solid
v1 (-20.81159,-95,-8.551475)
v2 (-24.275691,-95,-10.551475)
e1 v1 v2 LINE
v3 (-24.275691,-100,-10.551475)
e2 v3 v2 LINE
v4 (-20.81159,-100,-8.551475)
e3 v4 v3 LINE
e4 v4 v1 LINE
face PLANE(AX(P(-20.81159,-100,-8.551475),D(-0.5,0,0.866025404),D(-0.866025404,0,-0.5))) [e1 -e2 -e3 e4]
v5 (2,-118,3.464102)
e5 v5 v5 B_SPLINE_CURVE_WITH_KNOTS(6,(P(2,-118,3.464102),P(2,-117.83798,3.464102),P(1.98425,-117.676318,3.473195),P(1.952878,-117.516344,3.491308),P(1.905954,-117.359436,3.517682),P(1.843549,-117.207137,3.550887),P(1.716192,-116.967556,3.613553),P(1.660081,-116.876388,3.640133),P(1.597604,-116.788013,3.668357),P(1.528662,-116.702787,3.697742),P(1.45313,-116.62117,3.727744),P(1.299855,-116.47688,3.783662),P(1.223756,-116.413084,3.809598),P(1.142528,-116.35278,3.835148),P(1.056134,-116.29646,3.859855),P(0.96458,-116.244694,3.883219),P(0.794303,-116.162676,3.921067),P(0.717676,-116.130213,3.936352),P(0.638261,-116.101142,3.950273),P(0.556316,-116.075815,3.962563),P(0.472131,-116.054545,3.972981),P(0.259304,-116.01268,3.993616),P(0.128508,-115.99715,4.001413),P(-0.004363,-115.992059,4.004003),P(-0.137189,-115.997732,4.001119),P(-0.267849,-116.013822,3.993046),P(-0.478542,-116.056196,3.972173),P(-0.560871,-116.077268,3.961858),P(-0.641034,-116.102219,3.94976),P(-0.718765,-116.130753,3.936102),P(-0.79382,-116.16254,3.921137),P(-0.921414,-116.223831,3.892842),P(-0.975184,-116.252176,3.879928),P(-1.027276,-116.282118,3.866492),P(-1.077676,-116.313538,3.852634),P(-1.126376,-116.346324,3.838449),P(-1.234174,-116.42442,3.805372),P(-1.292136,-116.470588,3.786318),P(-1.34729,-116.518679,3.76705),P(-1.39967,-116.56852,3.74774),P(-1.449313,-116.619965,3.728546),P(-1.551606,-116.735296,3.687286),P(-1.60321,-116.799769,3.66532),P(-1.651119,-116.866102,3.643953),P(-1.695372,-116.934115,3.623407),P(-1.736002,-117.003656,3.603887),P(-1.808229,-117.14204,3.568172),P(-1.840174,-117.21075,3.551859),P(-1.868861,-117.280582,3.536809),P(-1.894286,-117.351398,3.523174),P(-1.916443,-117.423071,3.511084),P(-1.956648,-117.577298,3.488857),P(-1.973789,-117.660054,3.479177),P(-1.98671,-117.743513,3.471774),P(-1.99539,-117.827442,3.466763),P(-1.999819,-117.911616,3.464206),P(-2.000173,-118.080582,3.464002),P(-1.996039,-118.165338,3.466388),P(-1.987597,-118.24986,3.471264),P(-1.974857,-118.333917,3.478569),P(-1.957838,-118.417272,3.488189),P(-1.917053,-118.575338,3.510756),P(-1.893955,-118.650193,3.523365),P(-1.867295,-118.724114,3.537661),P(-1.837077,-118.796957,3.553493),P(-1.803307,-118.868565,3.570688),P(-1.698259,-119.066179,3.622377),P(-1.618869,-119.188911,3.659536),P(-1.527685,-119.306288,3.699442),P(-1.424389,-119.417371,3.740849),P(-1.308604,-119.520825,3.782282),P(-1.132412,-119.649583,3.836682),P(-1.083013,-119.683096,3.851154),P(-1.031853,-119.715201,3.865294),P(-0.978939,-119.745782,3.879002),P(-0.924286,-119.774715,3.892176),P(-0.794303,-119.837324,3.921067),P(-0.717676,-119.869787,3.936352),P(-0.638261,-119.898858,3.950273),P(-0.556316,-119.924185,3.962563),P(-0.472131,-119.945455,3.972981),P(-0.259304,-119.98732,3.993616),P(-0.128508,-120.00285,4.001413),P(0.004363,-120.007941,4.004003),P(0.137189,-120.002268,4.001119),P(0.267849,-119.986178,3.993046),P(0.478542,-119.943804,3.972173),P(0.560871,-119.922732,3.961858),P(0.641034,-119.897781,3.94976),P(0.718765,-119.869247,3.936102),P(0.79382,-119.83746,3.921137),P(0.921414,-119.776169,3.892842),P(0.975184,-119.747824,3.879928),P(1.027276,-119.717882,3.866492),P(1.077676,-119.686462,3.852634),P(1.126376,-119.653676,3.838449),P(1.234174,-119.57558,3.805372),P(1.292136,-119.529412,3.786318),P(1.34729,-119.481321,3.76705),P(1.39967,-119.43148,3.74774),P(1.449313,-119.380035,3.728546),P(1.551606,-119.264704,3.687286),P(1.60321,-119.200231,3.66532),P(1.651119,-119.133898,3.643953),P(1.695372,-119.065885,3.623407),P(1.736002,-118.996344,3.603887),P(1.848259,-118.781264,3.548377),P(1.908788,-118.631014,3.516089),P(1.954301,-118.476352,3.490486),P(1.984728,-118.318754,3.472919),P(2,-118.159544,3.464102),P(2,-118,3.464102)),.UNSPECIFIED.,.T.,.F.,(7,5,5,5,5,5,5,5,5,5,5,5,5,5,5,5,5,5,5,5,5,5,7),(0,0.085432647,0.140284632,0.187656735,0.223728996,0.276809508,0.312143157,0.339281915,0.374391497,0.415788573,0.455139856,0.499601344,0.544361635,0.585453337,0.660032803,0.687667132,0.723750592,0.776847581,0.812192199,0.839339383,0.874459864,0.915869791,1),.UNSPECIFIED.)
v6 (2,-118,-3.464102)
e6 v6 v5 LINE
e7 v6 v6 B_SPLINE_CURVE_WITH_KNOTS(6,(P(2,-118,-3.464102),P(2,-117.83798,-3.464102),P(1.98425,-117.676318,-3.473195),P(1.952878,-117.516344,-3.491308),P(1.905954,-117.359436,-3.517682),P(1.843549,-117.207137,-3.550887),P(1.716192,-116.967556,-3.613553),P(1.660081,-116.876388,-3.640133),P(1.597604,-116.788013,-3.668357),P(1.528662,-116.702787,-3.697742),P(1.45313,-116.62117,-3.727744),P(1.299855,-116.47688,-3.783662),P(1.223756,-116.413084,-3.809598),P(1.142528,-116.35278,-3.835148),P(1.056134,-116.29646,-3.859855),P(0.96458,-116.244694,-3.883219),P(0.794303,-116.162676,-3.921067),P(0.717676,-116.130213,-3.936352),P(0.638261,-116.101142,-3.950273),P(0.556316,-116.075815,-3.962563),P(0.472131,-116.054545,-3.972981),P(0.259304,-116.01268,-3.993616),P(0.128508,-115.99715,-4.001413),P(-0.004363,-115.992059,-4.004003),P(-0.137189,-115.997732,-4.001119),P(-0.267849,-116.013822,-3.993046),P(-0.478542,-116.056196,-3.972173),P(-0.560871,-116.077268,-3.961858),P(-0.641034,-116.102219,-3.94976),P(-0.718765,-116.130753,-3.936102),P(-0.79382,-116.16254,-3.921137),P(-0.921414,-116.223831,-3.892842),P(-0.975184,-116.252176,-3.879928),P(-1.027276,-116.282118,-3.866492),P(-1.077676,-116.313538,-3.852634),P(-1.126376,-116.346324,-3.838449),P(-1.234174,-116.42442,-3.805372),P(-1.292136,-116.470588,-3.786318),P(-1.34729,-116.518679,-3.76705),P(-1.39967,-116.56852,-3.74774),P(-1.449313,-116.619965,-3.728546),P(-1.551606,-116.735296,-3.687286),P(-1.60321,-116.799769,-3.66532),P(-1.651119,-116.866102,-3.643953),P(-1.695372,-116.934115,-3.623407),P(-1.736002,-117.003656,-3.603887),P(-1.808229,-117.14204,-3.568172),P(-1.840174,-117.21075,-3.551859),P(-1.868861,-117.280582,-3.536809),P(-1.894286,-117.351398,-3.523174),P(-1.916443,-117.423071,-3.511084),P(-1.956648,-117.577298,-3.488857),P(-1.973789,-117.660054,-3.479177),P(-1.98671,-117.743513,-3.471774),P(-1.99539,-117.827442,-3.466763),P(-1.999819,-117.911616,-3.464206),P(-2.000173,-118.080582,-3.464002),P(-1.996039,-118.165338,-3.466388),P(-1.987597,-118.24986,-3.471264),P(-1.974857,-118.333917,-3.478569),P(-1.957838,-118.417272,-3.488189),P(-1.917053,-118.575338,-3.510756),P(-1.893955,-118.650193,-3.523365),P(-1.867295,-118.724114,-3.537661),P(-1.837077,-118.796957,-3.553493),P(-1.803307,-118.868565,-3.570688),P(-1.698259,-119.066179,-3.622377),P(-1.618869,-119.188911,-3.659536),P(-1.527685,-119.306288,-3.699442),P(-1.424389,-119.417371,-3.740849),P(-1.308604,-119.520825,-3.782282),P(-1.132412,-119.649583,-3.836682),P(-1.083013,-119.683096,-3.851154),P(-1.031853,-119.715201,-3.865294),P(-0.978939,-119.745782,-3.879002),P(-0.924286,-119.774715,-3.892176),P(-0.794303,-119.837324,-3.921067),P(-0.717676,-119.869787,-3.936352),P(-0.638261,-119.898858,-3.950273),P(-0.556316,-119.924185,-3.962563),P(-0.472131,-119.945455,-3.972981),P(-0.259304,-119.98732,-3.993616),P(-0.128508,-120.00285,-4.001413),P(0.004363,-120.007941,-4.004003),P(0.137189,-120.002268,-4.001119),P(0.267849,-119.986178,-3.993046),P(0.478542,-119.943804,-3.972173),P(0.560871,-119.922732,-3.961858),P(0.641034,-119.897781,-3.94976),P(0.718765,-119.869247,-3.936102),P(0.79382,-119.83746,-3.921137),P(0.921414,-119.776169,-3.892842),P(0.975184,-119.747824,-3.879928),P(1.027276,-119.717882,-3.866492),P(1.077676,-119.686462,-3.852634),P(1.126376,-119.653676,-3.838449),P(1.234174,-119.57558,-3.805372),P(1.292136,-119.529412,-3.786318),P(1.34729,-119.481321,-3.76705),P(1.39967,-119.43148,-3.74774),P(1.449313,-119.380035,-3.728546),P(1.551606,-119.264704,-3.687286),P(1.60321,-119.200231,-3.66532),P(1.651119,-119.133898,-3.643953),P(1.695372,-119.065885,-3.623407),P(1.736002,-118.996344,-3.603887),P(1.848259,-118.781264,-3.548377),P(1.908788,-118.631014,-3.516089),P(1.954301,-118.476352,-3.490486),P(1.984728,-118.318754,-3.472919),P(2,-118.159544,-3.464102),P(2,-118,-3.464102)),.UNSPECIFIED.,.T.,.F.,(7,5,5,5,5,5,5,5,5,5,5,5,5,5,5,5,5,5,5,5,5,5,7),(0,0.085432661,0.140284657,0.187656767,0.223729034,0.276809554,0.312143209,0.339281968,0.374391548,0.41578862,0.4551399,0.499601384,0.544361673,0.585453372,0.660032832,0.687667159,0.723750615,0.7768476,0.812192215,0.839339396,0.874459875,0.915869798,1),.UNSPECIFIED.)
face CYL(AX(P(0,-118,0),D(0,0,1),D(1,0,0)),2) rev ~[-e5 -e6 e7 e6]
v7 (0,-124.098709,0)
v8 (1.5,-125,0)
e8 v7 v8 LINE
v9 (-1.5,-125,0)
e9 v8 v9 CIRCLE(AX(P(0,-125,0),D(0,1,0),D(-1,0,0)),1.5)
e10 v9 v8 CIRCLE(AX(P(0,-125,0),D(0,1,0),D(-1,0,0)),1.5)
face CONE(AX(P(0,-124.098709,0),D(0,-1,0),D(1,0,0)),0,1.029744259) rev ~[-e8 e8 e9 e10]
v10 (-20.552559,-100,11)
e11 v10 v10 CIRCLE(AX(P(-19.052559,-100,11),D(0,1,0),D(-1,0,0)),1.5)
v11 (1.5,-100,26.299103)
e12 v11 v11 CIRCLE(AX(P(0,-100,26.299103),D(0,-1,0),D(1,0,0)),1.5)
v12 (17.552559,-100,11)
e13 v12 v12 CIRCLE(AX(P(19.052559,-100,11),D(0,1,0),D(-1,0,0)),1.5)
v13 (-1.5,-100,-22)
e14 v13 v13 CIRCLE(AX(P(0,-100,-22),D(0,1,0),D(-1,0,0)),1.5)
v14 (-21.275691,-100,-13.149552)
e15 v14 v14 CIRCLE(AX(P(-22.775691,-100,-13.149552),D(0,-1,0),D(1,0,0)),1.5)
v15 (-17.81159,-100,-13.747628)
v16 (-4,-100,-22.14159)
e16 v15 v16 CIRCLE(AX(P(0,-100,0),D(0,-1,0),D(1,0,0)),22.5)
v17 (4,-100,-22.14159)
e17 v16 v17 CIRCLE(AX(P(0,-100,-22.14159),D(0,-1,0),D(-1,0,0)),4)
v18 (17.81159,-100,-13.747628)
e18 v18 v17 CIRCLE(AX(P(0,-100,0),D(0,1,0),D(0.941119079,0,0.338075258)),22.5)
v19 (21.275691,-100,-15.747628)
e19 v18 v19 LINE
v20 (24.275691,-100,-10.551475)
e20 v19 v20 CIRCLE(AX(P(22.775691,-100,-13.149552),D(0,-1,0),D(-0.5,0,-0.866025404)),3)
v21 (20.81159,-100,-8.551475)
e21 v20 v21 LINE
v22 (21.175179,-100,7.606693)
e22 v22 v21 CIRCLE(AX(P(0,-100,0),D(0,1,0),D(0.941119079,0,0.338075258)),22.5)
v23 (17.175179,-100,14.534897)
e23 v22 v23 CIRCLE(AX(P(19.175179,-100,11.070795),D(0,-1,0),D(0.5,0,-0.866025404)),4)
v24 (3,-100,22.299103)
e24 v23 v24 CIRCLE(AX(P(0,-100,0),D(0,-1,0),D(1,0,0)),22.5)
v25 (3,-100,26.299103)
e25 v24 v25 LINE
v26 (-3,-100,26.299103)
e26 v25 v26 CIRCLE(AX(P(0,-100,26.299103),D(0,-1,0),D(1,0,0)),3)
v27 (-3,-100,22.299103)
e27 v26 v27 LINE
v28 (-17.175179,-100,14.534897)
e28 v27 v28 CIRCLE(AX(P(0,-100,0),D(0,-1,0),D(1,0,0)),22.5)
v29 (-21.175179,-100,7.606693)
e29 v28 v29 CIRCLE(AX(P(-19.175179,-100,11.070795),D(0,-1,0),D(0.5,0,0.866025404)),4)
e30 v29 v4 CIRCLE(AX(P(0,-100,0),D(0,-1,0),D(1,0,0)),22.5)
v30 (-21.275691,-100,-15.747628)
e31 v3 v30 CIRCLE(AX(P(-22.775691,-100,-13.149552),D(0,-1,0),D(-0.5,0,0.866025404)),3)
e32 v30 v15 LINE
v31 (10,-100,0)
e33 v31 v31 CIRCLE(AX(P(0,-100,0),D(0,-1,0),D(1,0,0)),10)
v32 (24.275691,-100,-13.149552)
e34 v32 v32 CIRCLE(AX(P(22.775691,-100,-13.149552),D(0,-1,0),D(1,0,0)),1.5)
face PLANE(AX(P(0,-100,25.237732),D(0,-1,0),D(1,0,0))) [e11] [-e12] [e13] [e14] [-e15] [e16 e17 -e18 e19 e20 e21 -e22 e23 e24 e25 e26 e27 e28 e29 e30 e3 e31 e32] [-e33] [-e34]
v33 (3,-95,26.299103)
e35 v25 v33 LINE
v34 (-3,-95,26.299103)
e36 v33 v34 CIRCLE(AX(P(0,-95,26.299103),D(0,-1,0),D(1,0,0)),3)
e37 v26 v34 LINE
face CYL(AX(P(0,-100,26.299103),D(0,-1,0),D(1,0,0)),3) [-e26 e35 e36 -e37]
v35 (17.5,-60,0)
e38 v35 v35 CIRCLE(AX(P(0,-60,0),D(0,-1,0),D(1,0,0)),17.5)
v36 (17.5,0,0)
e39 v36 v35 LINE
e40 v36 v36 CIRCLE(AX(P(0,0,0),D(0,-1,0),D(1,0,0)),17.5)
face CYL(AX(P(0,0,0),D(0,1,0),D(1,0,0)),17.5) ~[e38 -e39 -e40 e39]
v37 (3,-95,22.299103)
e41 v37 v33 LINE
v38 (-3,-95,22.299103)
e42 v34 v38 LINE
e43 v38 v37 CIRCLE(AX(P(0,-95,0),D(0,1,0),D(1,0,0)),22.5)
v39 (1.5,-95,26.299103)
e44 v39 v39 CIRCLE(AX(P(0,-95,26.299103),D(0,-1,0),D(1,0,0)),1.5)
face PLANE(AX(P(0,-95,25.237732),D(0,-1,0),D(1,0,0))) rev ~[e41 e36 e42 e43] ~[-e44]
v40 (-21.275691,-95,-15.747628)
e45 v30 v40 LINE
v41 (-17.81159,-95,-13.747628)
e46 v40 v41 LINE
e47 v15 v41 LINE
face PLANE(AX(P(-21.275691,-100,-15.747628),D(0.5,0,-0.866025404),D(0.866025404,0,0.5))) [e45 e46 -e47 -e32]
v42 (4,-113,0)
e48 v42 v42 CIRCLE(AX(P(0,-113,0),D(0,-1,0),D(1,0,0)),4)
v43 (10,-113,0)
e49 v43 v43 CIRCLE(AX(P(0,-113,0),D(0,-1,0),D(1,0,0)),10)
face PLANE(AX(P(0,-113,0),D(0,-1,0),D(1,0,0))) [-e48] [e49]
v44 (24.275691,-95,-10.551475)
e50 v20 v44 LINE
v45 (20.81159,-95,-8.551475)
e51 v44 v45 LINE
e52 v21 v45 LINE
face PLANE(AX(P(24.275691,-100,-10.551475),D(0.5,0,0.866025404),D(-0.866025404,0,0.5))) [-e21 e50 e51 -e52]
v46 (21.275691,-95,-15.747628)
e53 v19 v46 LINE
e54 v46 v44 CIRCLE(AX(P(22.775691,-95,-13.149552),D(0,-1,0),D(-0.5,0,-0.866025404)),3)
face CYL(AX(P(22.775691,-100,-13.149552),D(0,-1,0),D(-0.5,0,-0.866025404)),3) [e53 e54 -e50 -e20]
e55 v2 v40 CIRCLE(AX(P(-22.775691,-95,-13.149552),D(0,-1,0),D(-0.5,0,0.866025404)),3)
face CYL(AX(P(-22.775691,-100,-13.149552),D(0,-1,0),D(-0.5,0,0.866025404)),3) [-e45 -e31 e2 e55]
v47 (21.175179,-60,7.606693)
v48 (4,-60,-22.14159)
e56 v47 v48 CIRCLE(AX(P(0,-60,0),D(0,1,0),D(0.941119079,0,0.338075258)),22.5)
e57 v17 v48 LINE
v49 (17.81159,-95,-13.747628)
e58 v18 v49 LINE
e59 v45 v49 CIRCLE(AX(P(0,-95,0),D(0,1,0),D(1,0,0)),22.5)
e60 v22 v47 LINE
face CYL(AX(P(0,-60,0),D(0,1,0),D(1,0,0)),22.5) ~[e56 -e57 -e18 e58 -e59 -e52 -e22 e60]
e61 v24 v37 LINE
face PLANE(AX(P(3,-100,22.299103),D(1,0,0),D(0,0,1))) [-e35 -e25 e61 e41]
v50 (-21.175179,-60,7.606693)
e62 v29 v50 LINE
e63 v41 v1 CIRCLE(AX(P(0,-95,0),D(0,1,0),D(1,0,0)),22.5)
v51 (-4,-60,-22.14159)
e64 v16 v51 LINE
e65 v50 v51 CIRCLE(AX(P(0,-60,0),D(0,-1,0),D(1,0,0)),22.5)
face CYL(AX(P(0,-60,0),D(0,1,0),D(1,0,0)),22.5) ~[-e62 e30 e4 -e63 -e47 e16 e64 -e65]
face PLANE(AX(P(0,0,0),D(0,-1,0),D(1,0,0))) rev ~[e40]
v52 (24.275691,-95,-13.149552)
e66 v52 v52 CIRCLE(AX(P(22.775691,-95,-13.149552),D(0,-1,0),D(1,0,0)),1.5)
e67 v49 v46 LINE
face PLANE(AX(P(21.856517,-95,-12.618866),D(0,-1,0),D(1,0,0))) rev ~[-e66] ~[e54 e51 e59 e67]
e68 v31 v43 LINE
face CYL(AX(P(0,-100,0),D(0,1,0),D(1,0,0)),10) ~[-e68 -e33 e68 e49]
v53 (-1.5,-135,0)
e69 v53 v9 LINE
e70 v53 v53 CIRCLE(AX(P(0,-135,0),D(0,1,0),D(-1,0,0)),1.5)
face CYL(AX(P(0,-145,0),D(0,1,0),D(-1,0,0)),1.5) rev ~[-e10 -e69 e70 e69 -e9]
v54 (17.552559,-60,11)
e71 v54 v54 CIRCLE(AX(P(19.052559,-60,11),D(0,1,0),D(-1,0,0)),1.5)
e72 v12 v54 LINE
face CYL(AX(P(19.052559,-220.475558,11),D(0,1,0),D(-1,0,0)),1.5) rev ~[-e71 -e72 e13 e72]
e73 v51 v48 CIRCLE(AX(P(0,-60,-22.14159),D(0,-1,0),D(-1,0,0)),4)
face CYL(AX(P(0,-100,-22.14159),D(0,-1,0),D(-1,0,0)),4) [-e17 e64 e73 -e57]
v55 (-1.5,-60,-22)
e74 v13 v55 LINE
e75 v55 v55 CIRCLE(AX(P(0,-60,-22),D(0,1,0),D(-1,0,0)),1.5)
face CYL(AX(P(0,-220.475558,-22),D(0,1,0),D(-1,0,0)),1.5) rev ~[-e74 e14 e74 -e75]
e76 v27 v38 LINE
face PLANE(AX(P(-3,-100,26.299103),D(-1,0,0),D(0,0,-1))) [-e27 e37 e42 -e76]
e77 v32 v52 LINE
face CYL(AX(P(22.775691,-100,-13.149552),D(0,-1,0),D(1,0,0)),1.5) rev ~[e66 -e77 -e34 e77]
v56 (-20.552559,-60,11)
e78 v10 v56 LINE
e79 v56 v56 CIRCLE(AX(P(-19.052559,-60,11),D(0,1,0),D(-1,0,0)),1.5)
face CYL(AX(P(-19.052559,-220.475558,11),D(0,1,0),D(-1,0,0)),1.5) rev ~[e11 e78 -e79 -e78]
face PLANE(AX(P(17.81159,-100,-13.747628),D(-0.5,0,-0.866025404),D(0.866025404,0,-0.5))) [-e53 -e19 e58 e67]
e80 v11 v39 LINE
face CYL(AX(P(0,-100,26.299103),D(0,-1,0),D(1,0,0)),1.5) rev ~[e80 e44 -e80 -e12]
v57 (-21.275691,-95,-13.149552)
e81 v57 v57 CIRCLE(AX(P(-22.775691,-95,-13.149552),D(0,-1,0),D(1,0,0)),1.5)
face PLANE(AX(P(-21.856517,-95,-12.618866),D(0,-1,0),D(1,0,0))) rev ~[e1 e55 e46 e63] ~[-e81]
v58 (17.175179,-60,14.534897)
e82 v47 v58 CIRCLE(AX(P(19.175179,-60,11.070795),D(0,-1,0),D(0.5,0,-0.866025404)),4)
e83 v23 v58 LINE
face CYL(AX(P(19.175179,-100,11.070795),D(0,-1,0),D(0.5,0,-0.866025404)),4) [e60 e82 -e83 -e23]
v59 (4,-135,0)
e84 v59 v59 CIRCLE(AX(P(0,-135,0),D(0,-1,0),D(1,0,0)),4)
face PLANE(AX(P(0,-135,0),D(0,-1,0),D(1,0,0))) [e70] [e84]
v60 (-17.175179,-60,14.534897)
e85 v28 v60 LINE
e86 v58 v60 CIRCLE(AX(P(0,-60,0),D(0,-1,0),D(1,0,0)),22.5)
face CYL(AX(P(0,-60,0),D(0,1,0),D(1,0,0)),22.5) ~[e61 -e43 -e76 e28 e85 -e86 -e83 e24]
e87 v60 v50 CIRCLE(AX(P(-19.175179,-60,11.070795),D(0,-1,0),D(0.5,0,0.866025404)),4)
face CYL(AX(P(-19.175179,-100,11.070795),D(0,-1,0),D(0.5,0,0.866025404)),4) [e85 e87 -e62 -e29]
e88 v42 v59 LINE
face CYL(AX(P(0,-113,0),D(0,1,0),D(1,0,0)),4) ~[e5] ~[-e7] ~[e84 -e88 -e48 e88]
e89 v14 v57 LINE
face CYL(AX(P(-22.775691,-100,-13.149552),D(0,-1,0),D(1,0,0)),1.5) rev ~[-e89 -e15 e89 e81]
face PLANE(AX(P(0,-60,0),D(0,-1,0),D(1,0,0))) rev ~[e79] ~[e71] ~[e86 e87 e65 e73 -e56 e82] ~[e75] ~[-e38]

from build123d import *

# Parameters (mm, degrees)
F0_R      = 17.5
F1_DEPTH  = 60
F2_R      = 22.5
F3_DEPTH  = 40
F5_DEPTH  = 40
F7_D      = 3
F8_R      = 1.5
F9_DEPTH  = 5
F10_R     = 10
F11_DEPTH = 13
F12_R     = 4
F13_DEPTH = 22
F15_D     = 3
F15_DEPTH = 10
F15_TIP   = 0.9012909285
F16_R     = 2
F17_DEPTH = 12.5


with BuildPart() as f1:
    # F0 (on Front) → F1 (new body)
    with BuildSketch(Plane.XZ):
        Circle(F0_R)
    extrude(amount=F1_DEPTH)

    # F2 (on face) → F3 (join)
    with BuildSketch(Plane.XZ.offset(60)):
        Circle(F2_R)
    extrude(amount=F3_DEPTH)

    # F4 (on face) → F5 (join)
    with BuildSketch(Plane.XZ.offset(100)):
        with BuildLine():
            Line((4, -22.1415898255), (-4, -22.1415898255))
            ThreePointArc((-4, -22.1415898255), (0, -26.1415898255), (4, -22.1415898255))
        make_face()
        with BuildLine():
            Line((17.175179269, 14.5348965279), (21.175179269, 7.6066932976))
            ThreePointArc((21.175179269, 7.6066932976), (22.6392808842, 13.0707949127), (17.175179269, 14.5348965279))
        make_face()
        with BuildLine():
            Line((-21.175179269, 7.6066932976), (-17.175179269, 14.5348965279))
            ThreePointArc((-17.175179269, 14.5348965279), (-22.6392808842, 13.0707949127), (-21.175179269, 7.6066932976))
        make_face()
    extrude(amount=-F5_DEPTH)

    # F7 (through all)
    with Locations(Plane.XZ.offset(100)):
        with Locations((-19.0525588833, 11), (0, -22), (19.0525588833, 11)):
            Hole(F7_D / 2)

    # F8 (on face) → F9 (join)
    with BuildSketch(Plane.XZ.offset(100)):
        with BuildLine():
            Line((-3, 26.299103121), (-3, 22.299103121))
            Line((-3, 22.299103121), (3, 22.299103121))
            Line((3, 22.299103121), (3, 26.299103121))
            ThreePointArc((3, 26.299103121), (0, 29.299103121), (-3, 26.299103121))
        make_face()
        with Locations((0, 26.299103121)):
            Circle(F8_R, mode=Mode.SUBTRACT)
        with BuildLine():
            Line((-20.8115897844, -8.5514753491), (-24.2756913995, -10.5514753491))
            ThreePointArc((-24.2756913995, -10.5514753491), (-25.3737676109, -14.6495515605), (-21.2756913995, -15.7476277718))
            Line((-21.2756913995, -15.7476277718), (-17.8115897844, -13.7476277718))
            Line((-17.8115897844, -13.7476277718), (-20.8115897844, -8.5514753491))
        make_face()
        with Locations((-22.7756913995, -13.1495515605)):
            Circle(F8_R, mode=Mode.SUBTRACT)
        with BuildLine():
            Line((17.8115897844, -13.7476277718), (21.2756913995, -15.7476277718))
            ThreePointArc((21.2756913995, -15.7476277718), (25.3737676109, -14.6495515605), (24.2756913995, -10.5514753491))
            Line((24.2756913995, -10.5514753491), (20.8115897844, -8.5514753491))
            Line((20.8115897844, -8.5514753491), (17.8115897844, -13.7476277718))
        make_face()
        with Locations((22.7756913995, -13.1495515605)):
            Circle(F8_R, mode=Mode.SUBTRACT)
    extrude(amount=-F9_DEPTH)

    # F10 (on face) → F11 (join)
    with BuildSketch(Plane.XZ.offset(100)):
        Circle(F10_R)
    extrude(amount=F11_DEPTH)

    # F12 (on face) → F13 (join)
    with BuildSketch(Plane.XZ.offset(113)):
        Circle(F12_R)
    extrude(amount=F13_DEPTH)

    # F15
    with Locations(Plane.XZ.offset(135)):
        with Locations((0, 0)):
            Hole(F15_D / 2, depth=F15_DEPTH)
            with Locations((0, 0, -(F15_DEPTH + F15_TIP / 2))):  # 118° drill point
                Cone(0, F15_D / 2, F15_TIP, mode=Mode.SUBTRACT)

    # F16 (on Top) → F17 (cut, symmetric)
    with BuildSketch(Plane.XY):
        with Locations((0, -118)):
            Circle(F16_R)
    extrude(amount=F17_DEPTH, both=True, mode=Mode.SUBTRACT)


solid = f1.part
